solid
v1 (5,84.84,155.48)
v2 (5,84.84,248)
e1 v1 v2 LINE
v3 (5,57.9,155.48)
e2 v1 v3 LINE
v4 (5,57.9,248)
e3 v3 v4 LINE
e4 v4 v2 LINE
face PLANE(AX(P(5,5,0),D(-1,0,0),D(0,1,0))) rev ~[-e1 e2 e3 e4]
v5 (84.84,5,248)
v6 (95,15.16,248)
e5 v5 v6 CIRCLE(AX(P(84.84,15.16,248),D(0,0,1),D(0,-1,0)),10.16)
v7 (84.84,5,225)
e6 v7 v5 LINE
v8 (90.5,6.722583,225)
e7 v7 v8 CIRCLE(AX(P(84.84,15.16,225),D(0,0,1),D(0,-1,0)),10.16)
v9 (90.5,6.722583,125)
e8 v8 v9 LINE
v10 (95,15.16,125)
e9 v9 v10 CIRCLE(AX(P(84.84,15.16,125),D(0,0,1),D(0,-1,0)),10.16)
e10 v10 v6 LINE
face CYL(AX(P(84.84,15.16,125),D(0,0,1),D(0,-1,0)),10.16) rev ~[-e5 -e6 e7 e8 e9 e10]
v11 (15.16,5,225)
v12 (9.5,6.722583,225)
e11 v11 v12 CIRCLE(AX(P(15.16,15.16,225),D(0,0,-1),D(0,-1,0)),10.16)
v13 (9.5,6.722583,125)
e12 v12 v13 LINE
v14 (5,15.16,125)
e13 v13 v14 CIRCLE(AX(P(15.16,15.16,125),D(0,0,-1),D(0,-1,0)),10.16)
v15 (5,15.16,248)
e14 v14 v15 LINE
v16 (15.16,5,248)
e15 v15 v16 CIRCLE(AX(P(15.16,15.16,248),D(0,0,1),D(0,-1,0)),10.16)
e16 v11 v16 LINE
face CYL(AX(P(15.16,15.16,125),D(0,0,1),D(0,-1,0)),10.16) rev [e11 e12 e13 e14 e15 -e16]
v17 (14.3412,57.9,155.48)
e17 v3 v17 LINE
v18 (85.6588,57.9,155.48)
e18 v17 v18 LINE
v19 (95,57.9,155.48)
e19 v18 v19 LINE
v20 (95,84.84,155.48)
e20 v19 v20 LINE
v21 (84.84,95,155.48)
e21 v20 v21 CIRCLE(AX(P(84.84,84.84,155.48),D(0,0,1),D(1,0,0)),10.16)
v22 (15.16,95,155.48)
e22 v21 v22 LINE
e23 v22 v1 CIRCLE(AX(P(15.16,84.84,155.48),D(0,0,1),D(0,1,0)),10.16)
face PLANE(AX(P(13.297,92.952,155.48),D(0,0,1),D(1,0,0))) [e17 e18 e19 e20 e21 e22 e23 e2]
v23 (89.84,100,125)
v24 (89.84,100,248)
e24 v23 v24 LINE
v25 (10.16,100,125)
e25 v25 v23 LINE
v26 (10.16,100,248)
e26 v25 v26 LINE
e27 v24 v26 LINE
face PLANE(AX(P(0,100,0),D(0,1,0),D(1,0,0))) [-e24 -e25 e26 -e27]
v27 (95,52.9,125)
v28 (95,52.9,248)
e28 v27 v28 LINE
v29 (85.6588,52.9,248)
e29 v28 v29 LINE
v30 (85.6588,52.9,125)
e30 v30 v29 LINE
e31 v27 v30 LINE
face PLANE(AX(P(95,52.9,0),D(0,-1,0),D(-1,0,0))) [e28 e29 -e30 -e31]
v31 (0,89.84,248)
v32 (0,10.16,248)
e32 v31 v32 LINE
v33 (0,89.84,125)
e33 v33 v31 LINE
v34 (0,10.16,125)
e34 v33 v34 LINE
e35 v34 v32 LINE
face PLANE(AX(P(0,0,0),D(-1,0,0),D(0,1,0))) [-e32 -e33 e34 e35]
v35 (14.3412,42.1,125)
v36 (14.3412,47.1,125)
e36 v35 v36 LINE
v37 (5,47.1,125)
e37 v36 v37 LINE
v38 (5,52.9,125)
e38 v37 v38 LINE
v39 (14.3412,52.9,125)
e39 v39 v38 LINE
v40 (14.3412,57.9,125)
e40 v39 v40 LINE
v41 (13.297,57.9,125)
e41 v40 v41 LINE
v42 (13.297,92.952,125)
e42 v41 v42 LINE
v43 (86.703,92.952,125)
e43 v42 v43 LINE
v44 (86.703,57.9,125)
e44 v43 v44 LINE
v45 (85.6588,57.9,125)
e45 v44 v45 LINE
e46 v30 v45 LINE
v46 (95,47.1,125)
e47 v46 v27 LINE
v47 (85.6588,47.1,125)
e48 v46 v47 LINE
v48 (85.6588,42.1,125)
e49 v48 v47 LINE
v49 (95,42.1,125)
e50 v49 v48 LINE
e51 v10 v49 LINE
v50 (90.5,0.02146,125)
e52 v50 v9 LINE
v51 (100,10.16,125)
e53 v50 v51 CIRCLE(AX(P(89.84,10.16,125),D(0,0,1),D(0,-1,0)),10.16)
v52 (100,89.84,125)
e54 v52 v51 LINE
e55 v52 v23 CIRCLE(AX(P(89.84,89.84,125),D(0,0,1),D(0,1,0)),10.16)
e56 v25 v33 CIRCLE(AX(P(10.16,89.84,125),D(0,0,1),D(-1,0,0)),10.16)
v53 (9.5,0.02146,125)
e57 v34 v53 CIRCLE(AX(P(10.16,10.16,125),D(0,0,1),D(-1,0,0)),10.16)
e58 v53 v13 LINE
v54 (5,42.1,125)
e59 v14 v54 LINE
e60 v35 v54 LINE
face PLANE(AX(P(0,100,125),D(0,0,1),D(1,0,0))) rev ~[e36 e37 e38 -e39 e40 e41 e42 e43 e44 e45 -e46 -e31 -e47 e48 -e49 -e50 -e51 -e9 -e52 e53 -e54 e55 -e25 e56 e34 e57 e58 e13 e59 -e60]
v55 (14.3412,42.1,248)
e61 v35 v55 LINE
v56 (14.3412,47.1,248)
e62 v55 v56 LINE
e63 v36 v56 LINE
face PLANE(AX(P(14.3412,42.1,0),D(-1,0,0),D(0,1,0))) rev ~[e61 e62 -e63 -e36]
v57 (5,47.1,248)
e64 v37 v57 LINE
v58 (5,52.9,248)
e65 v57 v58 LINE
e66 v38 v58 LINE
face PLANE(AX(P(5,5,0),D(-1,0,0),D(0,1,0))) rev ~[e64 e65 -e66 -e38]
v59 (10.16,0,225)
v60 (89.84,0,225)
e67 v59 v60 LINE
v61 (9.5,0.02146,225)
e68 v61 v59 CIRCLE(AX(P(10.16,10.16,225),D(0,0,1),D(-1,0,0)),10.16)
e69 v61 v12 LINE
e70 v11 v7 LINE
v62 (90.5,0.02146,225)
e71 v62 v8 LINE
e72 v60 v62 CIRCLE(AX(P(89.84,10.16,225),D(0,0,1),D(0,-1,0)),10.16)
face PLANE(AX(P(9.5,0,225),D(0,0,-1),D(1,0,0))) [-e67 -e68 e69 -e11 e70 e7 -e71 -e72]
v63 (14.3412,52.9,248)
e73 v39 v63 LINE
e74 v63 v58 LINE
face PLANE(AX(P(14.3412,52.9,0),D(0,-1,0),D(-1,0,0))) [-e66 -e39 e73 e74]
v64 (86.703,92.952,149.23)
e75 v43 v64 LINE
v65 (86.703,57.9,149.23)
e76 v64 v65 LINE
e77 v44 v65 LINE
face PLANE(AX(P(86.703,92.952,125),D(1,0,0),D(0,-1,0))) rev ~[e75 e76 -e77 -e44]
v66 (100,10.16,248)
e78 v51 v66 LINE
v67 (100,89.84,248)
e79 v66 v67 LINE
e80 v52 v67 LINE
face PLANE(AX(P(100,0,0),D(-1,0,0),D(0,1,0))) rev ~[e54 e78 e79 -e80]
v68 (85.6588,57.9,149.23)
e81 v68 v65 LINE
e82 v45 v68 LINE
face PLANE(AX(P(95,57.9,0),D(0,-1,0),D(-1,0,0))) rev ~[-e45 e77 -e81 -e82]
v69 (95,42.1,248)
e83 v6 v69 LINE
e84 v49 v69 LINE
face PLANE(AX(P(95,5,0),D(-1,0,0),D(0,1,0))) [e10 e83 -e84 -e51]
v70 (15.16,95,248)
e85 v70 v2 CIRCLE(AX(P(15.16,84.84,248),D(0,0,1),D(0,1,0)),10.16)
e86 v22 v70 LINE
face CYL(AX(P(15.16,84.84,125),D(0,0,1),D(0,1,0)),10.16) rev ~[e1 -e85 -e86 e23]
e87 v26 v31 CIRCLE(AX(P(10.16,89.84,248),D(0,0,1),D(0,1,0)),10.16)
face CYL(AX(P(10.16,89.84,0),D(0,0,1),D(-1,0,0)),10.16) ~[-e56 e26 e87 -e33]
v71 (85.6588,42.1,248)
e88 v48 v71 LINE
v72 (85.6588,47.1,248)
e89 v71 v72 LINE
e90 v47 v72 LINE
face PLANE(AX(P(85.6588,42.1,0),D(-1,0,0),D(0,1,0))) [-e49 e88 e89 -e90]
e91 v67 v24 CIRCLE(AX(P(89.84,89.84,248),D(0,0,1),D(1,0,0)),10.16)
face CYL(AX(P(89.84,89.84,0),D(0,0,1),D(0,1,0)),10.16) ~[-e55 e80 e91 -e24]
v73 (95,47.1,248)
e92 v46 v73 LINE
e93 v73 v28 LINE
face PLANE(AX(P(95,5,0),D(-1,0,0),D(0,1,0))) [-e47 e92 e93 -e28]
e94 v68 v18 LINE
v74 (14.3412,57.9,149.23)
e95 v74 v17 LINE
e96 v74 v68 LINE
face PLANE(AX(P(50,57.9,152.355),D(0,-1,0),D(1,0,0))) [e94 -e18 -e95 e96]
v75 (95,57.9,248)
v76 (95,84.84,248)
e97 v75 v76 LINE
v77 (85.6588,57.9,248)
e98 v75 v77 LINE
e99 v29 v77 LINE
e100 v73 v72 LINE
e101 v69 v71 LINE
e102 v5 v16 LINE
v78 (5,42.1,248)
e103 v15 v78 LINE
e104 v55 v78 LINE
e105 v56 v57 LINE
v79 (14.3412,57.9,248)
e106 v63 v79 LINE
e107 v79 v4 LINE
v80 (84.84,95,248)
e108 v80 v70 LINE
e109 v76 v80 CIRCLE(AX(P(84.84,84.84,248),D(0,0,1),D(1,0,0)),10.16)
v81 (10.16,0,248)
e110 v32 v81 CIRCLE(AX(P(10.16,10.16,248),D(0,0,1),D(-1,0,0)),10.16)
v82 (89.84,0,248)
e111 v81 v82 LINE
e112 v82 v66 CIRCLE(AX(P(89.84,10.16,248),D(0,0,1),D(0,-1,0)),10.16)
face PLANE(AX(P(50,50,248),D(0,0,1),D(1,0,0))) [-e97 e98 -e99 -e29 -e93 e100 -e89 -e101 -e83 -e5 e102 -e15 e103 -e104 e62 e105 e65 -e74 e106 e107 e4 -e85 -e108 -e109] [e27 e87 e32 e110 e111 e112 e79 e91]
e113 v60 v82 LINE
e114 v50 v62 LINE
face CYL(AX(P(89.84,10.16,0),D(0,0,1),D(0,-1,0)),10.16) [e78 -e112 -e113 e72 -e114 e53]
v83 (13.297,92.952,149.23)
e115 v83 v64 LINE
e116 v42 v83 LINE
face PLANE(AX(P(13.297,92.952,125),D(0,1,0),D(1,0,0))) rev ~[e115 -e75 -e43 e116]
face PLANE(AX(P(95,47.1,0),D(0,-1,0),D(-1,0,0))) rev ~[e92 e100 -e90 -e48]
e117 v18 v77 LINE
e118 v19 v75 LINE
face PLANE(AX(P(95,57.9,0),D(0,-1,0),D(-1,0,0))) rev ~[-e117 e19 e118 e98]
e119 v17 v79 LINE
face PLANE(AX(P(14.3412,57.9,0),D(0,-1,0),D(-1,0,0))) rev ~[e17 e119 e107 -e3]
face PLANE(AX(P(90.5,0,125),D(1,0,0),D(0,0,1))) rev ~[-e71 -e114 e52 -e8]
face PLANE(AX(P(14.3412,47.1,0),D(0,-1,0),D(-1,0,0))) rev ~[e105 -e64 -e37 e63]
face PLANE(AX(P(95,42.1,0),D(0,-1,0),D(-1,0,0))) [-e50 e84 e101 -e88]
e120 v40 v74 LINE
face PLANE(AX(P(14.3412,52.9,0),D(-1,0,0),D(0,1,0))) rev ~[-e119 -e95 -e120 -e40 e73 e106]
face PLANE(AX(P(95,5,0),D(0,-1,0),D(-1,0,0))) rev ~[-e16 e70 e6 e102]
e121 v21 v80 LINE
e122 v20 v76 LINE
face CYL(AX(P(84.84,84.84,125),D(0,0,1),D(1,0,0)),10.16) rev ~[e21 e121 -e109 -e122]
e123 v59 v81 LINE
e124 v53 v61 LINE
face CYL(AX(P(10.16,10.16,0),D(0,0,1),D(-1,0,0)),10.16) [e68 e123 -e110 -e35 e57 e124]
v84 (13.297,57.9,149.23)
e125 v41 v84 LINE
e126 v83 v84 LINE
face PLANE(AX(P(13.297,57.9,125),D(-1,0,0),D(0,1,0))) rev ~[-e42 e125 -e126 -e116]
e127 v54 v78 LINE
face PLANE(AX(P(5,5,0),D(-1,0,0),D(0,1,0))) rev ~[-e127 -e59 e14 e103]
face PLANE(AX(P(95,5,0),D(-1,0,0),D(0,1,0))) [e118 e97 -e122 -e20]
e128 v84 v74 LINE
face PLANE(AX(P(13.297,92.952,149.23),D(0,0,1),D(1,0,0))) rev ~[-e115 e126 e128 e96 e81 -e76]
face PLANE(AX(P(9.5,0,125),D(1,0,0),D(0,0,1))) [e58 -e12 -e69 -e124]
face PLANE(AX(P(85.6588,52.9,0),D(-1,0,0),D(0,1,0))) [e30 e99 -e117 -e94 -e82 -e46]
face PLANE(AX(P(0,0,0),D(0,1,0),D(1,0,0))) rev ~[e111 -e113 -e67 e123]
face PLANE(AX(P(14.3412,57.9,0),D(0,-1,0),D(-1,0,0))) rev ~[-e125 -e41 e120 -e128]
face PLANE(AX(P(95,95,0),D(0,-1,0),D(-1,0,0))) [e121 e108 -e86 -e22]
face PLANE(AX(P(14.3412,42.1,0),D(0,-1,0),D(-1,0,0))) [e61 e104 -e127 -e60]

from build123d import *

# Parameters (mm, degrees)
SKETCH1_W           = 100
SKETCH1_H           = 100
BOSS_EXTRUDE1_DEPTH = 250
SKETCH2_W           = 90
SKETCH2_H           = 90
CUT_EXTRUDE1_DEPTH  = 288.228132327
FILLET1_R           = 10.16
SKETCH3_W           = 9.3412
SKETCH3_H           = 5
BOSS_EXTRUDE2_DEPTH = 250
SKETCH4_W           = 100
SKETCH4_H           = 125
CUT_EXTRUDE2_DEPTH  = 288.228132327
SKETCH6_W           = 81
SKETCH6_H           = 100
CUT_EXTRUDE4_DEPTH  = 5
FILLET3_R           = 10.16
BOSS_EXTRUDE3_DEPTH = 30.48
SKETCH9_W           = 73.406
SKETCH9_H           = 6.25
BOSS_EXTRUDE5_DEPTH = 35.052
CUT_EXTRUDE5_DEPTH  = 2


with BuildPart() as part:
    # Sketch1 → Boss-Extrude1 (new body)
    with BuildSketch(Plane.XY):
        with Locations((50, 50)):
            Rectangle(SKETCH1_W, SKETCH1_H)
    extrude(amount=BOSS_EXTRUDE1_DEPTH)

    # Sketch2 → Cut-Extrude1 (cut, through all)
    with BuildSketch(Plane(origin=(0, 0, 0), x_dir=(-1, 0, 0), z_dir=(0, 0, -1))):
        with Locations((-50, 50)):
            Rectangle(SKETCH2_W, SKETCH2_H)
    extrude(amount=-CUT_EXTRUDE1_DEPTH, mode=Mode.SUBTRACT)

    # Fillet1
    fillet1_edges = [part.edges().sort_by_distance(p)[0] for p in [
        (0, 100, 125),
        (0, 0, 125),
        (100, 0, 125),
        (100, 100, 125),
    ]]
    fillet(fillet1_edges, radius=FILLET1_R)

    # Sketch3 → Boss-Extrude2 (add, through all)
    with BuildSketch(Plane(origin=(0, 0, 0), x_dir=(-1, 0, 0), z_dir=(0, 0, -1))):
        with Locations((-90.3294, 55.4)):
            Rectangle(SKETCH3_W, SKETCH3_H)
        with Locations((-90.3294, 44.6)):
            Rectangle(SKETCH3_W, SKETCH3_H)
        with Locations((-9.6706, 44.6)):
            Rectangle(SKETCH3_W, SKETCH3_H)
        with Locations((-9.6706, 55.4)):
            Rectangle(SKETCH3_W, SKETCH3_H)
    extrude(amount=-BOSS_EXTRUDE2_DEPTH)

    # Sketch4 → Cut-Extrude2 (cut, through all)
    with BuildSketch(Plane(origin=(0, 100, 0), x_dir=(1, 0, 0), z_dir=(0, 1, 0))):
        with Locations((50, -62.5)):
            Rectangle(SKETCH4_W, SKETCH4_H)
    extrude(amount=-CUT_EXTRUDE2_DEPTH, mode=Mode.SUBTRACT)

    # Sketch6 → Cut-Extrude4 (cut)
    with BuildSketch(Plane.XZ):
        with Locations((50, 175)):
            Rectangle(SKETCH6_W, SKETCH6_H)
    extrude(amount=-CUT_EXTRUDE4_DEPTH, mode=Mode.SUBTRACT)

    # Fillet3
    fillet3_edges = [part.edges().sort_by_distance(p)[0] for p in [
        (5, 95, 187.5),
        (5, 5, 187.5),
        (95, 95, 187.5),
        (95, 5, 187.5),
    ]]
    fillet(fillet3_edges, radius=FILLET3_R)

    # Sketch7 → Boss-Extrude3 (add)
    with BuildSketch(Plane(origin=(0, 0, 125), x_dir=(-1, 0, 0), z_dir=(0, 0, -1))):
        Polygon((-95, 96), (-5, 96), (-5, 57.9), (-13.297, 57.9), (-13.297, 92.952), (-86.703, 92.952), (-86.703, 57.9), (-95, 57.9), align=None)
    extrude(amount=-BOSS_EXTRUDE3_DEPTH)

    # Sketch9 → Boss-Extrude5 (add)
    with BuildSketch(Plane.XZ.offset(-92.952)):
        with Locations((50, 152.355)):
            Rectangle(SKETCH9_W, SKETCH9_H)
    extrude(amount=BOSS_EXTRUDE5_DEPTH)

    # Sketch10 → Cut-Extrude5 (cut)
    with BuildSketch(Plane.XY.offset(250)):
        with BuildLine():
            Line((89.84, 100), (10.16, 100))
            ThreePointArc((10.16, 100), (2.975795103, 97.024204897), (0, 89.84))
            Line((0, 89.84), (0, 10.16))
            ThreePointArc((0, 10.16), (2.975795103, 2.975795103), (10.16, 0))
            Line((10.16, 0), (89.84, 0))
            ThreePointArc((89.84, 0), (97.024204897, 2.975795103), (100, 10.16))
            Line((100, 10.16), (100, 89.84))
            ThreePointArc((100, 89.84), (97.024204897, 97.024204897), (89.84, 100))
        make_face()
    extrude(amount=-CUT_EXTRUDE5_DEPTH, mode=Mode.SUBTRACT)


solid = part.part
